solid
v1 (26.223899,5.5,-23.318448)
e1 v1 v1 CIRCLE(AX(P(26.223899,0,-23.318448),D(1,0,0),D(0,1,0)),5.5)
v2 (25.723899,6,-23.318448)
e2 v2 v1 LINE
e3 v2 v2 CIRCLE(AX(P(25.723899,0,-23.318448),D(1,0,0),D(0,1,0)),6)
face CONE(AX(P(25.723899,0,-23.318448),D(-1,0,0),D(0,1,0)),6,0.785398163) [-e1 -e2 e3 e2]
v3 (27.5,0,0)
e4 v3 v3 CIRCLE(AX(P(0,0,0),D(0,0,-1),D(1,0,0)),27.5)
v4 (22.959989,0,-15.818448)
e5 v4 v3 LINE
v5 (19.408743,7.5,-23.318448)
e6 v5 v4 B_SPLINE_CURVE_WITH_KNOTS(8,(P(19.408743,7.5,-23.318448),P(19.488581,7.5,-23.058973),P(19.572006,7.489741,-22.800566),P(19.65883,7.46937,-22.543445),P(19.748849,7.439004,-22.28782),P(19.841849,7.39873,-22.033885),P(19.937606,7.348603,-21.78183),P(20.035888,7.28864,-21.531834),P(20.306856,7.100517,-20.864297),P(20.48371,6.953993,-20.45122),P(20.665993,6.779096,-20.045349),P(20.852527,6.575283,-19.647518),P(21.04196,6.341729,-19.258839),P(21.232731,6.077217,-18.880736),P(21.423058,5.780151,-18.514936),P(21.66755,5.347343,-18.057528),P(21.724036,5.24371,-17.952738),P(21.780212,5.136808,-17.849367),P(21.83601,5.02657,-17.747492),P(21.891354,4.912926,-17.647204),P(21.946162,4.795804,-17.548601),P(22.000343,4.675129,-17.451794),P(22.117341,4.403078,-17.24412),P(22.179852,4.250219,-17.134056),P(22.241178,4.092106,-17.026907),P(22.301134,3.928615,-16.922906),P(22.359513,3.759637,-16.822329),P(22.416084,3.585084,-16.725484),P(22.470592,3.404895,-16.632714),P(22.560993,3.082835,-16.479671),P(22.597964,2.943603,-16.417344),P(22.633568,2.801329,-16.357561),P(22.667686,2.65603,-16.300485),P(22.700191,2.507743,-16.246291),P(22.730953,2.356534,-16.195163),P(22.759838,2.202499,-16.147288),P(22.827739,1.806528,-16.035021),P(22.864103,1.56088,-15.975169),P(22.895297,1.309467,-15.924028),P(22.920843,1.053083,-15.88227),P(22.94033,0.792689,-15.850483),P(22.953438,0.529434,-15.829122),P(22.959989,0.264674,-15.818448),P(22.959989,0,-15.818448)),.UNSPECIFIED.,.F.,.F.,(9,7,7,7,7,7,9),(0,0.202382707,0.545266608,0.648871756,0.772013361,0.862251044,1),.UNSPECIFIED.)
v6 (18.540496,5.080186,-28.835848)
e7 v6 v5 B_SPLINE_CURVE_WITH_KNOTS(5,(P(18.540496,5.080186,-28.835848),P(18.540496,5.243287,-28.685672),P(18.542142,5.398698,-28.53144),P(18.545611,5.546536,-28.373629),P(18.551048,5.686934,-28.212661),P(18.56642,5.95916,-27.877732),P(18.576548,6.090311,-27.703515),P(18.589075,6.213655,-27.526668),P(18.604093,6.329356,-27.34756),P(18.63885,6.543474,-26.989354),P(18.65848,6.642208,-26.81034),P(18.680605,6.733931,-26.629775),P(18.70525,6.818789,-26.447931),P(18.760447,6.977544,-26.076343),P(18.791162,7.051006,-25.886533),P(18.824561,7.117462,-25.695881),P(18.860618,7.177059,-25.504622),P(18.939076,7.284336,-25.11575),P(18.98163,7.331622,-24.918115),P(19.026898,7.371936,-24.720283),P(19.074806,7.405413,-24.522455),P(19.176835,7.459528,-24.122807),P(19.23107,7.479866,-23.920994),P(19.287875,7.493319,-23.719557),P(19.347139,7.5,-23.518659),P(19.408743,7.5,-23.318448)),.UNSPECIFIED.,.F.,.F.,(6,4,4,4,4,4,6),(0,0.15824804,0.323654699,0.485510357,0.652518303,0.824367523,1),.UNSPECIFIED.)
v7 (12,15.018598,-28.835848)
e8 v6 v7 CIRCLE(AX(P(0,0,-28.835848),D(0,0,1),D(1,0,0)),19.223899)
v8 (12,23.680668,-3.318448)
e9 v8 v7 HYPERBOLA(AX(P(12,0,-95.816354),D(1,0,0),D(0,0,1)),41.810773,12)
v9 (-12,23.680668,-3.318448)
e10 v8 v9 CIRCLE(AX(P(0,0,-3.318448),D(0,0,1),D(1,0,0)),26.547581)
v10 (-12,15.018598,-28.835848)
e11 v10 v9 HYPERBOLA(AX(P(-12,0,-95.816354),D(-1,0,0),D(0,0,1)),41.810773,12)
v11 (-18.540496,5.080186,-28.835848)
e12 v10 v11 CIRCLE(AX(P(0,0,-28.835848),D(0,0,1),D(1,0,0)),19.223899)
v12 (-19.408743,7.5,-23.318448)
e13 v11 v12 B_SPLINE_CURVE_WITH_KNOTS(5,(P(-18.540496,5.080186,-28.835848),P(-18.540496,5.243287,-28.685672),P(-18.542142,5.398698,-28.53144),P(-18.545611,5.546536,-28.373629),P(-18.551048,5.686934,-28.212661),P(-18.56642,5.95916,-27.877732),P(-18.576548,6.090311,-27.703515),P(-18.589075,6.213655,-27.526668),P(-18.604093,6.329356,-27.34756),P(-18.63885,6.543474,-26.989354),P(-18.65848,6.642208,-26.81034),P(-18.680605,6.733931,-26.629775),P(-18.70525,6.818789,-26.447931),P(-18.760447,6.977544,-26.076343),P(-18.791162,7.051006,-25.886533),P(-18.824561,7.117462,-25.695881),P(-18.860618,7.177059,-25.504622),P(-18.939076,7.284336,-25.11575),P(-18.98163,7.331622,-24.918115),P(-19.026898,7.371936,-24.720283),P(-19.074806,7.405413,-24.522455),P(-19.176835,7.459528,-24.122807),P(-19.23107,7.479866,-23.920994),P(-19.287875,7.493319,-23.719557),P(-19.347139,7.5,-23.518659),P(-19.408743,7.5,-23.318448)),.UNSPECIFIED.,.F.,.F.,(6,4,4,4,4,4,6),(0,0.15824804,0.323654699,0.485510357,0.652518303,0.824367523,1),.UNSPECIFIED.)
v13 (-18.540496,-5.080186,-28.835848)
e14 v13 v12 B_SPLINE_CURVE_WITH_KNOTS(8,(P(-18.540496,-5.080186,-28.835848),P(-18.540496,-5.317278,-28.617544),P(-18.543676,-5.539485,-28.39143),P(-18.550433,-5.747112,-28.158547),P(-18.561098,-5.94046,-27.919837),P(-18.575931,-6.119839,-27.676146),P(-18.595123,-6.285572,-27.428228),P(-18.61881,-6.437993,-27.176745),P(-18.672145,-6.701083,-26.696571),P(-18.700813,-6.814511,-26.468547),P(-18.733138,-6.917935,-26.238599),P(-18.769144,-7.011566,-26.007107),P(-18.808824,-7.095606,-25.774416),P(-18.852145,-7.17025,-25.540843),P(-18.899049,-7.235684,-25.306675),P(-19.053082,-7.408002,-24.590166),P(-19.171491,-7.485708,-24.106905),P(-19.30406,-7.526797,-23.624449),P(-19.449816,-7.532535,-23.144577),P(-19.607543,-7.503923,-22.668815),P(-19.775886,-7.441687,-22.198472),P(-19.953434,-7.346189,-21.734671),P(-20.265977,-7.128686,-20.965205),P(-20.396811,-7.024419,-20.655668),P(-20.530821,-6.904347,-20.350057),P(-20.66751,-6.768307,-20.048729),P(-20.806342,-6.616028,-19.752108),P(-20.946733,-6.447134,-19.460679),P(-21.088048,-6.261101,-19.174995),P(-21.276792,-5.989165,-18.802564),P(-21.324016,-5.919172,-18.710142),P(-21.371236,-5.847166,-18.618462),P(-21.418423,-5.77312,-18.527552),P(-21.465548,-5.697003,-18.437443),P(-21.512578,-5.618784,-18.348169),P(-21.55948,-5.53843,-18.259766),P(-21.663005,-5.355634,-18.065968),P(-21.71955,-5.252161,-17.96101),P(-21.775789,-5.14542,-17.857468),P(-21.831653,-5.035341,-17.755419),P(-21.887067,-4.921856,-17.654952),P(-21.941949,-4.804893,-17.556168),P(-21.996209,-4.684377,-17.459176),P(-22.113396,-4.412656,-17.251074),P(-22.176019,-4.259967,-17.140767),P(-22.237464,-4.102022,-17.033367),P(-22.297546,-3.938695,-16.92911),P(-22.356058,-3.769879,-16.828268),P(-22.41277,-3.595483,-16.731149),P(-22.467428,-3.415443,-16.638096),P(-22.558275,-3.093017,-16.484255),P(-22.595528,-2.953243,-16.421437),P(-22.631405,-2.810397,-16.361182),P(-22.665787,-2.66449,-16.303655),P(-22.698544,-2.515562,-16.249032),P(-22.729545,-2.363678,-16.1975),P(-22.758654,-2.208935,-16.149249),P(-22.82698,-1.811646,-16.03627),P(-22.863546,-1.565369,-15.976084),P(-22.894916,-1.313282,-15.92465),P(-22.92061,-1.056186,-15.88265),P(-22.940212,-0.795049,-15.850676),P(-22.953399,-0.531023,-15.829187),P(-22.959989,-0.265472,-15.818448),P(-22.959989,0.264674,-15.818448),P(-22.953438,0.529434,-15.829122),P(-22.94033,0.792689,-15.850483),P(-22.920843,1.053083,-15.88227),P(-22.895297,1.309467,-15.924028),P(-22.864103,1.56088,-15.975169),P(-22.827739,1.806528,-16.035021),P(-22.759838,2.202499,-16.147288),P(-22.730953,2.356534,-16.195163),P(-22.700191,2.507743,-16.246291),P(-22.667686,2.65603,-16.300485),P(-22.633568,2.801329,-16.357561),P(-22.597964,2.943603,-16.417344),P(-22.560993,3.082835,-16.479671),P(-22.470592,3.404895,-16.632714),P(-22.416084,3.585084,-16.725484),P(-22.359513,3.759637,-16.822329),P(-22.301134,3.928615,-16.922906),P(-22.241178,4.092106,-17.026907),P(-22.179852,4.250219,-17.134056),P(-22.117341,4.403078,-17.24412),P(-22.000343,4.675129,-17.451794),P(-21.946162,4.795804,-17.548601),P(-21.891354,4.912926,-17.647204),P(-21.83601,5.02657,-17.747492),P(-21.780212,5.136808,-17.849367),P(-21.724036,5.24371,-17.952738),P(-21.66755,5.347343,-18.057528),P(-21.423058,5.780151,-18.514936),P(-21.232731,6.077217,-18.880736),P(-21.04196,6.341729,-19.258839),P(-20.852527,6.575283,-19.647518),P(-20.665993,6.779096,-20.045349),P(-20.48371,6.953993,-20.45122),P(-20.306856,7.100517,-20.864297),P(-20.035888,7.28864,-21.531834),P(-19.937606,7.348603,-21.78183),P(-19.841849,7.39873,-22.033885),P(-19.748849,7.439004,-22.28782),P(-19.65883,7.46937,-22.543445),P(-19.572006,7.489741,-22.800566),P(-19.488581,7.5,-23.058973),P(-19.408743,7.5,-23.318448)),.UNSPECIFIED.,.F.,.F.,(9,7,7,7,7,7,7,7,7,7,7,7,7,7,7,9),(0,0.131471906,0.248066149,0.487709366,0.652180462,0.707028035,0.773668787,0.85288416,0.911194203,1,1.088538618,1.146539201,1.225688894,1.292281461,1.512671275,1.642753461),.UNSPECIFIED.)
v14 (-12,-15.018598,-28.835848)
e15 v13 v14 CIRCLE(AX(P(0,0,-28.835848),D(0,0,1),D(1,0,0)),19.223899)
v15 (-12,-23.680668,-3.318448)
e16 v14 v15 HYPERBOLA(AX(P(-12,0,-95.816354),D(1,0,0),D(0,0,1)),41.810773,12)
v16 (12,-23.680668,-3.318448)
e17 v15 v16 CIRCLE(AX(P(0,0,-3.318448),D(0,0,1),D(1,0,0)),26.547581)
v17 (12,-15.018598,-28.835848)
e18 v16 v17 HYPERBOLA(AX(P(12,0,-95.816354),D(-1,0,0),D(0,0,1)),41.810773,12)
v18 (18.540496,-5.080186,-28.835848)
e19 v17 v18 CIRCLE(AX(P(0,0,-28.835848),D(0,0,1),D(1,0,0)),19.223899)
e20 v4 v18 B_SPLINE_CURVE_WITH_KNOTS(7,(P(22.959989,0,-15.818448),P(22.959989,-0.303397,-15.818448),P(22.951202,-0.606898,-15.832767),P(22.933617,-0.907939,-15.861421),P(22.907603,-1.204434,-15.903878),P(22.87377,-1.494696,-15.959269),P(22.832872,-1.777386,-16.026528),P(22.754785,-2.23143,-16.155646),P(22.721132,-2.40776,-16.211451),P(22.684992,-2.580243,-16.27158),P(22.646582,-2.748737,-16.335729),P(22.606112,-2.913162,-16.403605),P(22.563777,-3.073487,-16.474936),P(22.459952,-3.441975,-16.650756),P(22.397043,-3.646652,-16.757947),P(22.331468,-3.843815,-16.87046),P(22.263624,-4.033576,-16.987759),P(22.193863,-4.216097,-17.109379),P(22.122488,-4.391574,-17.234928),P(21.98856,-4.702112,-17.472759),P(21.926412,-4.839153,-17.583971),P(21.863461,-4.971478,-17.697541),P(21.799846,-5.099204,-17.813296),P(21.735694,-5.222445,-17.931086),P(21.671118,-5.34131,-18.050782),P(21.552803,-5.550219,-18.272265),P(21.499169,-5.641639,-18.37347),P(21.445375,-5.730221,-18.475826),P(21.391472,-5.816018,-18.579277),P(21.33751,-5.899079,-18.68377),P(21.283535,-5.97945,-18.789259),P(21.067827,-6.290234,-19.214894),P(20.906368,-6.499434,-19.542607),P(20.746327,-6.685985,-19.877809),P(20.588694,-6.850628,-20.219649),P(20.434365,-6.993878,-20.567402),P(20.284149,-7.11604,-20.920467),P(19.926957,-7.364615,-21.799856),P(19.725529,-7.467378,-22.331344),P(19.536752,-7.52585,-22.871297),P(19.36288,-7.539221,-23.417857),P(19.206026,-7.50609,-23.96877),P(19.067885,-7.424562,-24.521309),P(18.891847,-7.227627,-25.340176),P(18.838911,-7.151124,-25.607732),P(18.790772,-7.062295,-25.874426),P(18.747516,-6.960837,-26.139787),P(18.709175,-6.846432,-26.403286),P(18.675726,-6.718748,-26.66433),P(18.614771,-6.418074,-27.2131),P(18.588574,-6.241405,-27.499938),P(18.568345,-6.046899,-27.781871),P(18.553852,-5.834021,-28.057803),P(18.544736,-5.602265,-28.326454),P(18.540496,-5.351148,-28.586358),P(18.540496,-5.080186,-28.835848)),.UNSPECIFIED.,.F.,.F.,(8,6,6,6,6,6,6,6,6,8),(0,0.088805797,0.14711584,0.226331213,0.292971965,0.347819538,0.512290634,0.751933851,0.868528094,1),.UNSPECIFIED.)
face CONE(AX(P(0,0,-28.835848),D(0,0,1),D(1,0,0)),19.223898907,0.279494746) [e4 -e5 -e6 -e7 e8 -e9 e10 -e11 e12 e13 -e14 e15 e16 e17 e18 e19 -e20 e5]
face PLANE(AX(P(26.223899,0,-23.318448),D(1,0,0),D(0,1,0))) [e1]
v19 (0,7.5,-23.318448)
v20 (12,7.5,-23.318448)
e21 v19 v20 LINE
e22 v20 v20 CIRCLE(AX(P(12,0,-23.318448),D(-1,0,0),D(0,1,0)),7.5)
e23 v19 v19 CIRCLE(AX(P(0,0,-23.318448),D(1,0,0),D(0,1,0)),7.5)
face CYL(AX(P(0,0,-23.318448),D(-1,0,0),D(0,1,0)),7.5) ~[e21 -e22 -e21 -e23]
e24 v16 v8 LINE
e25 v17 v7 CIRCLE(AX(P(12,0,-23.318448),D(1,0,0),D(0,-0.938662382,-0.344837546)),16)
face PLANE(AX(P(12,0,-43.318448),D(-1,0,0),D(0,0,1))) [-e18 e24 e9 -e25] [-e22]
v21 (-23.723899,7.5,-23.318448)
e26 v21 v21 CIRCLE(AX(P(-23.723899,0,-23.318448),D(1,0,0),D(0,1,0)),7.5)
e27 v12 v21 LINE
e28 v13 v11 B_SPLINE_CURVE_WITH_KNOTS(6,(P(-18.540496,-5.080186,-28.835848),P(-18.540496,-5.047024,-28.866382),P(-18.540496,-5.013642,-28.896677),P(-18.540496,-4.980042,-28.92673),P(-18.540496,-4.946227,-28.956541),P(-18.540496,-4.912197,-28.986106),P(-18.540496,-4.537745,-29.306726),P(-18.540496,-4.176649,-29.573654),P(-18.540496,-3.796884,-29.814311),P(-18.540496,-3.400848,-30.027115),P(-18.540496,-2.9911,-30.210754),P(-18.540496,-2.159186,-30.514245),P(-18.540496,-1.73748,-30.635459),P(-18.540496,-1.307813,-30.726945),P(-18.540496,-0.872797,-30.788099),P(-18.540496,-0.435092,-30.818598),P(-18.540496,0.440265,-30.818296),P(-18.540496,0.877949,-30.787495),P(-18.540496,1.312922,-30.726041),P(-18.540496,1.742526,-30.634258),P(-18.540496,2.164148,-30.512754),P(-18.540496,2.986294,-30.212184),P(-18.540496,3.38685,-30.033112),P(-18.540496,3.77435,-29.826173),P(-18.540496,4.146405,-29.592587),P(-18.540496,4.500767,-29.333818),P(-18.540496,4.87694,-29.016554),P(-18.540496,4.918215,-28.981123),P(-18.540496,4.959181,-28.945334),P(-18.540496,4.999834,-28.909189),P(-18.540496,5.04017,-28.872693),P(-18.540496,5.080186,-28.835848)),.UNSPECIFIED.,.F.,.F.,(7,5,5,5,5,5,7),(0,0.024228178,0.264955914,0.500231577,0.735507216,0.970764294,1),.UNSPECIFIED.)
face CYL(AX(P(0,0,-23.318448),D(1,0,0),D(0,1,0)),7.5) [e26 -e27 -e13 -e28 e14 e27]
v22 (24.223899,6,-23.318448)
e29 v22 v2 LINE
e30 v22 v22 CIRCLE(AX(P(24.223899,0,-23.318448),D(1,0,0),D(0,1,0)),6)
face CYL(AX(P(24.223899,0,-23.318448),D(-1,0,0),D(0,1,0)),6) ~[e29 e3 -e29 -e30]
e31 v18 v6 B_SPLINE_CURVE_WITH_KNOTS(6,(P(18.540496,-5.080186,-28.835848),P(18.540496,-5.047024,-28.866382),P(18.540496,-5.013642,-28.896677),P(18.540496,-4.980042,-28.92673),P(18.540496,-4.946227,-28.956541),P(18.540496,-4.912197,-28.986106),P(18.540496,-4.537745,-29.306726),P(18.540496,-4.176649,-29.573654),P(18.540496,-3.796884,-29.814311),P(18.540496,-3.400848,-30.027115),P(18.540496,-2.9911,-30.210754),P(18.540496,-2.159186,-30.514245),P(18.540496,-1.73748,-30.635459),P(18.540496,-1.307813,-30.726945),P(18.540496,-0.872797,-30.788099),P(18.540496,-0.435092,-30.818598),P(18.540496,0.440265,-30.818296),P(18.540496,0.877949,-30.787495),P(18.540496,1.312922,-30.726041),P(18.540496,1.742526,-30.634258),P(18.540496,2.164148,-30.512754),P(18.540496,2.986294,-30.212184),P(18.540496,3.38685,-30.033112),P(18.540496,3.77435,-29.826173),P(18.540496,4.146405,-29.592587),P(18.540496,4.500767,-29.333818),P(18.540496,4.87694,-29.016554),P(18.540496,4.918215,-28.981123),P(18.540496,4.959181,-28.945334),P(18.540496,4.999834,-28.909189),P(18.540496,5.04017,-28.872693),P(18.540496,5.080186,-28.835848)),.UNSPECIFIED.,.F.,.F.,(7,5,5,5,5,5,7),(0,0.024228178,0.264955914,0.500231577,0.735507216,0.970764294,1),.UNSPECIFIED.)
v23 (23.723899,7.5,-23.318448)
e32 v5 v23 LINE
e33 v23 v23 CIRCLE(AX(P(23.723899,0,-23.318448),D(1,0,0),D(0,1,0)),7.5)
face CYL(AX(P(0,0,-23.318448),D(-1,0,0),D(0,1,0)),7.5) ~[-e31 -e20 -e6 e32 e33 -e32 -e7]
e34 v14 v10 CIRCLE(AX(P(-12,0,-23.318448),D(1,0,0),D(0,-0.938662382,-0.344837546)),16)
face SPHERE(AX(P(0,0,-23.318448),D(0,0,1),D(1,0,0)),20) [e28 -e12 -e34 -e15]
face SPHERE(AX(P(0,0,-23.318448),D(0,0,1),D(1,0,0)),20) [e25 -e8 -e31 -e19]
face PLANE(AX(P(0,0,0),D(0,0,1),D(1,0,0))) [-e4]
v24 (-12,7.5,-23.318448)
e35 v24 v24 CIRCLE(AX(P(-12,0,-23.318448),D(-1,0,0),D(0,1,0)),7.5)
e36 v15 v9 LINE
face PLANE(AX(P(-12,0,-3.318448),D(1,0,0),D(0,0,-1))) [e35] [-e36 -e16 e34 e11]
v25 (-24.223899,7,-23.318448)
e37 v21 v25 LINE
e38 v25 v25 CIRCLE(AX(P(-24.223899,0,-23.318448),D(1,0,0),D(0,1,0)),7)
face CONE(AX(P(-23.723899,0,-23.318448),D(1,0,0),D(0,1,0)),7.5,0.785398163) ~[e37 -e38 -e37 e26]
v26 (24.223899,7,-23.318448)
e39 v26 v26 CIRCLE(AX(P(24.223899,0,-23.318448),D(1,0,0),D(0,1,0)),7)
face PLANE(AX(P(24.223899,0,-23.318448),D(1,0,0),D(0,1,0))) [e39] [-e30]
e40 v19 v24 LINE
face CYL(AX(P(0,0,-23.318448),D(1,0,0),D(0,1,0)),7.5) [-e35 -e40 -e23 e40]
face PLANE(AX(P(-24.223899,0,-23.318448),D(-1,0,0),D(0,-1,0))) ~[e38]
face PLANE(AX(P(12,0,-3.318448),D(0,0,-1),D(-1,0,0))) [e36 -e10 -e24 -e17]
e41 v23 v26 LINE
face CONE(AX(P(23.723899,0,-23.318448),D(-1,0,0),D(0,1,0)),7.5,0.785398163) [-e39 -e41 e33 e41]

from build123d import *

# Parameters (mm, degrees)
F3_DEPTH      = 27.501
F3_DEPTH_BACK = 27.501
F4_R          = 7.5
F5_DEPTH      = 24.2238989074
F7_R          = 6
F8_DEPTH      = 2
F8_DEPTH_BACK = 12.2238989074
F9_SIZE       = 0.5


with BuildPart() as f1:
    # F0 (on Front) → F1 (revolve)
    with BuildSketch(Plane.XZ):
        with BuildLine():
            Line((27.5, 0), (0, 0))
            Line((0, 0), (0, -43.3184476327))
            ThreePointArc((0, -43.3184476327), (12.0343671506, -39.2926145056), (19.2238989074, -28.8358483611))
            Line((19.2238989074, -28.8358483611), (27.5, 0))
        make_face()
    revolve(axis=Axis((0, 0, 4.3592059342), (0, 0, 1)))

    # F2 (on Front) → F3 (cut, two sides)
    with BuildSketch(Plane.XZ) as f3_sk:
        Polygon((0, -43.3184476327), (12, -43.3184476327), (12, -3.3184476327), (0, -3.3184476327), (-12, -3.3184476327), (-12, -43.3184476327), align=None)
    extrude(amount=-F3_DEPTH, mode=Mode.SUBTRACT)
    extrude(f3_sk.sketch, amount=F3_DEPTH_BACK, mode=Mode.SUBTRACT)

    # F4 (on Right) → F5 (join, through all)
    with BuildSketch(Plane.YZ):
        with Locations((0, -23.3184476327)):
            Circle(F4_R)
    extrude(amount=F5_DEPTH)

    # F6: F1 across plane


with BuildPart() as f1_1:
    add(f1.part)
    add(f1.part.mirror(Plane.YZ))

    # F7 (on face) → F8 (join, two sides)
    with BuildSketch(Plane.YZ.offset(24.2238989074)) as f8_sk:
        with Locations((0, -23.3184476327)):
            Circle(F7_R)
    extrude(amount=F8_DEPTH)
    extrude(f8_sk.sketch, amount=-F8_DEPTH_BACK)

    # F9
    f9_edges = [f1_1.edges().sort_by_distance(p)[0] for p in [
        (26.223899, -6, -23.318448),
        (-24.223899, -7.5, -23.318448),
        (24.223899, -7.5, -23.318448),
    ]]
    chamfer(f9_edges, length=F9_SIZE)


solid = f1_1.part
